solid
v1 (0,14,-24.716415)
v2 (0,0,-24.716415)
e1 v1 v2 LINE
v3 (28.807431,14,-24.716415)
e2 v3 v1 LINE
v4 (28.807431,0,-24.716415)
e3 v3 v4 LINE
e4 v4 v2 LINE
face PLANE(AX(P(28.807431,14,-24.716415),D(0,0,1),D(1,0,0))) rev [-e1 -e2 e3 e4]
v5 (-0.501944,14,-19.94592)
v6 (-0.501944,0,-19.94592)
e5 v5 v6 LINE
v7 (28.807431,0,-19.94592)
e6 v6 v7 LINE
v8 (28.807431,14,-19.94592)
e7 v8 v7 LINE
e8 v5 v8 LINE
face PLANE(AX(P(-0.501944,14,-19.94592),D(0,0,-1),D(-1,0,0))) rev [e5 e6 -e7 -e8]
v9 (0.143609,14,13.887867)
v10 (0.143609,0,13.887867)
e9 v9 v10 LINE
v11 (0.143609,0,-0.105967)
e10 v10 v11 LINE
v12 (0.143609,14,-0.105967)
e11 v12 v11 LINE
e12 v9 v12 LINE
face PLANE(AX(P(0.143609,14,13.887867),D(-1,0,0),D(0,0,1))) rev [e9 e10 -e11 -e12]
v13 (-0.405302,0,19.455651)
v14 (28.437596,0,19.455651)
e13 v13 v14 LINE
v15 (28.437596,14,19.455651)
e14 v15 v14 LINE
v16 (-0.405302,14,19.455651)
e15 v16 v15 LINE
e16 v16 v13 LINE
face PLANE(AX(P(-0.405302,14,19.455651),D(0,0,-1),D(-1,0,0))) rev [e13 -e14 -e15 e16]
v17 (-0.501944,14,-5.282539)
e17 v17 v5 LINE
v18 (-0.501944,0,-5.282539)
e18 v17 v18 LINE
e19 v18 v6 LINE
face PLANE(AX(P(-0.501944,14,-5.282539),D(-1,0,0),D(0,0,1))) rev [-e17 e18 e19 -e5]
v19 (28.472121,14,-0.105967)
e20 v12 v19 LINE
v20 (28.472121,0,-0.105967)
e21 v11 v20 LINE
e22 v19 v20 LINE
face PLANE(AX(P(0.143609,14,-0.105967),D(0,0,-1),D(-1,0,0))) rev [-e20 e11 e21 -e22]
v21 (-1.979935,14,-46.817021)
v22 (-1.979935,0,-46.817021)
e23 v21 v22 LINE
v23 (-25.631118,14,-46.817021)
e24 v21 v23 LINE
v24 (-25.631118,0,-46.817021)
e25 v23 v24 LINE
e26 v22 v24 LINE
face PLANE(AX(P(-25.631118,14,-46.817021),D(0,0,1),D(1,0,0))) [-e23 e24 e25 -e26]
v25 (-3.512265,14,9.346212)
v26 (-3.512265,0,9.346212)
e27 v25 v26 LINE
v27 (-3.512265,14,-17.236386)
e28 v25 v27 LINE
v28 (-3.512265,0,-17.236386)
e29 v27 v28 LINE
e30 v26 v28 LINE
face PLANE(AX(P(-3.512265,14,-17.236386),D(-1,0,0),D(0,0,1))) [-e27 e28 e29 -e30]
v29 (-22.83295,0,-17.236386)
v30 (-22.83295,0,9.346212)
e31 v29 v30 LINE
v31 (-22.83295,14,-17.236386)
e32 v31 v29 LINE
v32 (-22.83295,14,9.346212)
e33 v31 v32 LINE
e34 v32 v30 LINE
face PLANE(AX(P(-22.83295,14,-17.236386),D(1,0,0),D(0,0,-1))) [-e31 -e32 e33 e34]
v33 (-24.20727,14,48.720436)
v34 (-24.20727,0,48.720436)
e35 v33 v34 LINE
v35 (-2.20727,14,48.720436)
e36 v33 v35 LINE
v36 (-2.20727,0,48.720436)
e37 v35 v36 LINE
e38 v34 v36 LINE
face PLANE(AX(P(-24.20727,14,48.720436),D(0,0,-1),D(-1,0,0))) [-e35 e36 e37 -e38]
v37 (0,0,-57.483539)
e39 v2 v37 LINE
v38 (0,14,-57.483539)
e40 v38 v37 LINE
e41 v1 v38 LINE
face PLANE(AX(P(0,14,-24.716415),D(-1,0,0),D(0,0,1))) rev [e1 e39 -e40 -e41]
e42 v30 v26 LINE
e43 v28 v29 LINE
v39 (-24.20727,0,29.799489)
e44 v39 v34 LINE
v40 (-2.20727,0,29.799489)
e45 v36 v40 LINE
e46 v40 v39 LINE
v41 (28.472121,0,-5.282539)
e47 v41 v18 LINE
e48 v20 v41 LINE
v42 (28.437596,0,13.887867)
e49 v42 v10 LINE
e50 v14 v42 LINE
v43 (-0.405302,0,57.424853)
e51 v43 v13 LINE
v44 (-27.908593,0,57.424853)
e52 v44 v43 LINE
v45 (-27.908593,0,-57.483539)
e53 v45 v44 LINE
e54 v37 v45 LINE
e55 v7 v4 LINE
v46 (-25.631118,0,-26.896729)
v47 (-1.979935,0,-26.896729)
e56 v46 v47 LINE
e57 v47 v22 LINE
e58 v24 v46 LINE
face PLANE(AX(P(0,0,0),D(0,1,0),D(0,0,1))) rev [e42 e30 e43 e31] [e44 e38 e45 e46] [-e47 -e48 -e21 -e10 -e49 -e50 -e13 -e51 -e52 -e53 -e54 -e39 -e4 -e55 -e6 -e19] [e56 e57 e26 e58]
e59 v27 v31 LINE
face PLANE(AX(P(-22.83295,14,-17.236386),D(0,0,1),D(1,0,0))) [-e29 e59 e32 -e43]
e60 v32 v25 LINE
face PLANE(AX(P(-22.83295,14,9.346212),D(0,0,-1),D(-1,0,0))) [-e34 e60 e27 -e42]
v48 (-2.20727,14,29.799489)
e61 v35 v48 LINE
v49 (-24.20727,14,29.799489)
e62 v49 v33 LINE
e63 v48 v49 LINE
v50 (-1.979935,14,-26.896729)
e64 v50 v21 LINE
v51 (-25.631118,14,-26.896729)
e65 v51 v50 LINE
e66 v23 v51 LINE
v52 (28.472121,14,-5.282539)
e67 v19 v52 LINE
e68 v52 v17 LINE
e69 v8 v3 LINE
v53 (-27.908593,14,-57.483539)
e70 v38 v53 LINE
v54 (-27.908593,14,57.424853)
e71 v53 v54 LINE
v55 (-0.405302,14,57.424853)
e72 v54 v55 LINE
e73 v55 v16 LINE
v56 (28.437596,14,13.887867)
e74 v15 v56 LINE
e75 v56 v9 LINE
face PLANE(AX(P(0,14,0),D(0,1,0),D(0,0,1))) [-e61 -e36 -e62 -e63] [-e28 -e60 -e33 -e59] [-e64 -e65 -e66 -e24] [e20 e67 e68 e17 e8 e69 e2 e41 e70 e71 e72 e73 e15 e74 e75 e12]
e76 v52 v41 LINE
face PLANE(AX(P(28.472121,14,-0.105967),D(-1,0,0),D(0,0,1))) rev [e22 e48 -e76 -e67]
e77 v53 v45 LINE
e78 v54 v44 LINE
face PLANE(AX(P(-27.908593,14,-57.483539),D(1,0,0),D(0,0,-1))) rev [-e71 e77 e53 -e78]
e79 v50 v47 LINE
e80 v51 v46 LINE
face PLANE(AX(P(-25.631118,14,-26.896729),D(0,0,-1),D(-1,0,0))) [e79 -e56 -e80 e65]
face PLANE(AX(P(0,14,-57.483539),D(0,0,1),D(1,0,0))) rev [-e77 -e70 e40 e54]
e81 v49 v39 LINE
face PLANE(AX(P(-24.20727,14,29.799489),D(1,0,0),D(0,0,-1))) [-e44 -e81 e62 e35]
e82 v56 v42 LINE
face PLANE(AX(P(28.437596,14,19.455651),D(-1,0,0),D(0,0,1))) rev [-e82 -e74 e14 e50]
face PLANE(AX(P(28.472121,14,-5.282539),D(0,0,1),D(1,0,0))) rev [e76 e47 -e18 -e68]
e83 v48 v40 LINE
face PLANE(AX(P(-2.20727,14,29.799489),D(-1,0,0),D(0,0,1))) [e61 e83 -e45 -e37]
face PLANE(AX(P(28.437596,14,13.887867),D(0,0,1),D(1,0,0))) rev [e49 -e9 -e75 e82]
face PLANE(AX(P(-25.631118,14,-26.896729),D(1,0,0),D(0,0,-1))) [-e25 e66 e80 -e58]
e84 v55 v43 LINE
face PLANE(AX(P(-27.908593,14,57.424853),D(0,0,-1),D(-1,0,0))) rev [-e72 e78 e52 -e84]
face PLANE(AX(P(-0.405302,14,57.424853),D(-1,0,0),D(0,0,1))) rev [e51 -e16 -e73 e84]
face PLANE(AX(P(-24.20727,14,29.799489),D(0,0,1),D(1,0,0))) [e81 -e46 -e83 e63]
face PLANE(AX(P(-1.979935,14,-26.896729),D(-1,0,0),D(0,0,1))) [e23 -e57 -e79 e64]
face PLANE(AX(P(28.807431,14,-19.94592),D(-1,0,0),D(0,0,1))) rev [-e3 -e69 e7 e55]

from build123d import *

# Parameters (mm, degrees)
SKETCH2_W           = 23.651183611
SKETCH2_H           = 19.920292675
SKETCH2_W_2         = 19.320685203
SKETCH2_H_2         = 26.582597918
SKETCH2_W_3         = 22
SKETCH2_H_3         = 18.920946888
BOSS_EXTRUDE1_DEPTH = 14


with BuildPart() as part:
    # Sketch2 → Boss-Extrude1 (new body)
    with BuildSketch(Plane(origin=(0, 0, 0), x_dir=(1, 0, 0), z_dir=(0, 1, 0))):
        Polygon((-27.908593219, 57.483539187), (-27.908593219, -57.424852572), (-0.405302454, -57.424852572), (-0.405302454, -19.455651499), (28.437596205, -19.455651499), (28.437596205, -13.887867334), (0.143608651, -13.887867334), (0.143608651, 0.105967325), (28.472121021, 0.105967325), (28.472121021, 5.282539019), (-0.501944112, 5.282539019), (-0.501944112, 19.945920068), (28.807431377, 19.945920068), (28.807431377, 24.716415232), (0, 24.716415232), (0, 57.483539187), align=None)
        with Locations((-13.80552661, 36.856875137)):
            Rectangle(SKETCH2_W, SKETCH2_H, mode=Mode.SUBTRACT)
        with Locations((-13.172607612, 3.945087239)):
            Rectangle(SKETCH2_W_2, SKETCH2_H_2, mode=Mode.SUBTRACT)
        with Locations((-13.207270194, -39.259962259)):
            Rectangle(SKETCH2_W_3, SKETCH2_H_3, mode=Mode.SUBTRACT)
    extrude(amount=BOSS_EXTRUDE1_DEPTH)


solid = part.part
